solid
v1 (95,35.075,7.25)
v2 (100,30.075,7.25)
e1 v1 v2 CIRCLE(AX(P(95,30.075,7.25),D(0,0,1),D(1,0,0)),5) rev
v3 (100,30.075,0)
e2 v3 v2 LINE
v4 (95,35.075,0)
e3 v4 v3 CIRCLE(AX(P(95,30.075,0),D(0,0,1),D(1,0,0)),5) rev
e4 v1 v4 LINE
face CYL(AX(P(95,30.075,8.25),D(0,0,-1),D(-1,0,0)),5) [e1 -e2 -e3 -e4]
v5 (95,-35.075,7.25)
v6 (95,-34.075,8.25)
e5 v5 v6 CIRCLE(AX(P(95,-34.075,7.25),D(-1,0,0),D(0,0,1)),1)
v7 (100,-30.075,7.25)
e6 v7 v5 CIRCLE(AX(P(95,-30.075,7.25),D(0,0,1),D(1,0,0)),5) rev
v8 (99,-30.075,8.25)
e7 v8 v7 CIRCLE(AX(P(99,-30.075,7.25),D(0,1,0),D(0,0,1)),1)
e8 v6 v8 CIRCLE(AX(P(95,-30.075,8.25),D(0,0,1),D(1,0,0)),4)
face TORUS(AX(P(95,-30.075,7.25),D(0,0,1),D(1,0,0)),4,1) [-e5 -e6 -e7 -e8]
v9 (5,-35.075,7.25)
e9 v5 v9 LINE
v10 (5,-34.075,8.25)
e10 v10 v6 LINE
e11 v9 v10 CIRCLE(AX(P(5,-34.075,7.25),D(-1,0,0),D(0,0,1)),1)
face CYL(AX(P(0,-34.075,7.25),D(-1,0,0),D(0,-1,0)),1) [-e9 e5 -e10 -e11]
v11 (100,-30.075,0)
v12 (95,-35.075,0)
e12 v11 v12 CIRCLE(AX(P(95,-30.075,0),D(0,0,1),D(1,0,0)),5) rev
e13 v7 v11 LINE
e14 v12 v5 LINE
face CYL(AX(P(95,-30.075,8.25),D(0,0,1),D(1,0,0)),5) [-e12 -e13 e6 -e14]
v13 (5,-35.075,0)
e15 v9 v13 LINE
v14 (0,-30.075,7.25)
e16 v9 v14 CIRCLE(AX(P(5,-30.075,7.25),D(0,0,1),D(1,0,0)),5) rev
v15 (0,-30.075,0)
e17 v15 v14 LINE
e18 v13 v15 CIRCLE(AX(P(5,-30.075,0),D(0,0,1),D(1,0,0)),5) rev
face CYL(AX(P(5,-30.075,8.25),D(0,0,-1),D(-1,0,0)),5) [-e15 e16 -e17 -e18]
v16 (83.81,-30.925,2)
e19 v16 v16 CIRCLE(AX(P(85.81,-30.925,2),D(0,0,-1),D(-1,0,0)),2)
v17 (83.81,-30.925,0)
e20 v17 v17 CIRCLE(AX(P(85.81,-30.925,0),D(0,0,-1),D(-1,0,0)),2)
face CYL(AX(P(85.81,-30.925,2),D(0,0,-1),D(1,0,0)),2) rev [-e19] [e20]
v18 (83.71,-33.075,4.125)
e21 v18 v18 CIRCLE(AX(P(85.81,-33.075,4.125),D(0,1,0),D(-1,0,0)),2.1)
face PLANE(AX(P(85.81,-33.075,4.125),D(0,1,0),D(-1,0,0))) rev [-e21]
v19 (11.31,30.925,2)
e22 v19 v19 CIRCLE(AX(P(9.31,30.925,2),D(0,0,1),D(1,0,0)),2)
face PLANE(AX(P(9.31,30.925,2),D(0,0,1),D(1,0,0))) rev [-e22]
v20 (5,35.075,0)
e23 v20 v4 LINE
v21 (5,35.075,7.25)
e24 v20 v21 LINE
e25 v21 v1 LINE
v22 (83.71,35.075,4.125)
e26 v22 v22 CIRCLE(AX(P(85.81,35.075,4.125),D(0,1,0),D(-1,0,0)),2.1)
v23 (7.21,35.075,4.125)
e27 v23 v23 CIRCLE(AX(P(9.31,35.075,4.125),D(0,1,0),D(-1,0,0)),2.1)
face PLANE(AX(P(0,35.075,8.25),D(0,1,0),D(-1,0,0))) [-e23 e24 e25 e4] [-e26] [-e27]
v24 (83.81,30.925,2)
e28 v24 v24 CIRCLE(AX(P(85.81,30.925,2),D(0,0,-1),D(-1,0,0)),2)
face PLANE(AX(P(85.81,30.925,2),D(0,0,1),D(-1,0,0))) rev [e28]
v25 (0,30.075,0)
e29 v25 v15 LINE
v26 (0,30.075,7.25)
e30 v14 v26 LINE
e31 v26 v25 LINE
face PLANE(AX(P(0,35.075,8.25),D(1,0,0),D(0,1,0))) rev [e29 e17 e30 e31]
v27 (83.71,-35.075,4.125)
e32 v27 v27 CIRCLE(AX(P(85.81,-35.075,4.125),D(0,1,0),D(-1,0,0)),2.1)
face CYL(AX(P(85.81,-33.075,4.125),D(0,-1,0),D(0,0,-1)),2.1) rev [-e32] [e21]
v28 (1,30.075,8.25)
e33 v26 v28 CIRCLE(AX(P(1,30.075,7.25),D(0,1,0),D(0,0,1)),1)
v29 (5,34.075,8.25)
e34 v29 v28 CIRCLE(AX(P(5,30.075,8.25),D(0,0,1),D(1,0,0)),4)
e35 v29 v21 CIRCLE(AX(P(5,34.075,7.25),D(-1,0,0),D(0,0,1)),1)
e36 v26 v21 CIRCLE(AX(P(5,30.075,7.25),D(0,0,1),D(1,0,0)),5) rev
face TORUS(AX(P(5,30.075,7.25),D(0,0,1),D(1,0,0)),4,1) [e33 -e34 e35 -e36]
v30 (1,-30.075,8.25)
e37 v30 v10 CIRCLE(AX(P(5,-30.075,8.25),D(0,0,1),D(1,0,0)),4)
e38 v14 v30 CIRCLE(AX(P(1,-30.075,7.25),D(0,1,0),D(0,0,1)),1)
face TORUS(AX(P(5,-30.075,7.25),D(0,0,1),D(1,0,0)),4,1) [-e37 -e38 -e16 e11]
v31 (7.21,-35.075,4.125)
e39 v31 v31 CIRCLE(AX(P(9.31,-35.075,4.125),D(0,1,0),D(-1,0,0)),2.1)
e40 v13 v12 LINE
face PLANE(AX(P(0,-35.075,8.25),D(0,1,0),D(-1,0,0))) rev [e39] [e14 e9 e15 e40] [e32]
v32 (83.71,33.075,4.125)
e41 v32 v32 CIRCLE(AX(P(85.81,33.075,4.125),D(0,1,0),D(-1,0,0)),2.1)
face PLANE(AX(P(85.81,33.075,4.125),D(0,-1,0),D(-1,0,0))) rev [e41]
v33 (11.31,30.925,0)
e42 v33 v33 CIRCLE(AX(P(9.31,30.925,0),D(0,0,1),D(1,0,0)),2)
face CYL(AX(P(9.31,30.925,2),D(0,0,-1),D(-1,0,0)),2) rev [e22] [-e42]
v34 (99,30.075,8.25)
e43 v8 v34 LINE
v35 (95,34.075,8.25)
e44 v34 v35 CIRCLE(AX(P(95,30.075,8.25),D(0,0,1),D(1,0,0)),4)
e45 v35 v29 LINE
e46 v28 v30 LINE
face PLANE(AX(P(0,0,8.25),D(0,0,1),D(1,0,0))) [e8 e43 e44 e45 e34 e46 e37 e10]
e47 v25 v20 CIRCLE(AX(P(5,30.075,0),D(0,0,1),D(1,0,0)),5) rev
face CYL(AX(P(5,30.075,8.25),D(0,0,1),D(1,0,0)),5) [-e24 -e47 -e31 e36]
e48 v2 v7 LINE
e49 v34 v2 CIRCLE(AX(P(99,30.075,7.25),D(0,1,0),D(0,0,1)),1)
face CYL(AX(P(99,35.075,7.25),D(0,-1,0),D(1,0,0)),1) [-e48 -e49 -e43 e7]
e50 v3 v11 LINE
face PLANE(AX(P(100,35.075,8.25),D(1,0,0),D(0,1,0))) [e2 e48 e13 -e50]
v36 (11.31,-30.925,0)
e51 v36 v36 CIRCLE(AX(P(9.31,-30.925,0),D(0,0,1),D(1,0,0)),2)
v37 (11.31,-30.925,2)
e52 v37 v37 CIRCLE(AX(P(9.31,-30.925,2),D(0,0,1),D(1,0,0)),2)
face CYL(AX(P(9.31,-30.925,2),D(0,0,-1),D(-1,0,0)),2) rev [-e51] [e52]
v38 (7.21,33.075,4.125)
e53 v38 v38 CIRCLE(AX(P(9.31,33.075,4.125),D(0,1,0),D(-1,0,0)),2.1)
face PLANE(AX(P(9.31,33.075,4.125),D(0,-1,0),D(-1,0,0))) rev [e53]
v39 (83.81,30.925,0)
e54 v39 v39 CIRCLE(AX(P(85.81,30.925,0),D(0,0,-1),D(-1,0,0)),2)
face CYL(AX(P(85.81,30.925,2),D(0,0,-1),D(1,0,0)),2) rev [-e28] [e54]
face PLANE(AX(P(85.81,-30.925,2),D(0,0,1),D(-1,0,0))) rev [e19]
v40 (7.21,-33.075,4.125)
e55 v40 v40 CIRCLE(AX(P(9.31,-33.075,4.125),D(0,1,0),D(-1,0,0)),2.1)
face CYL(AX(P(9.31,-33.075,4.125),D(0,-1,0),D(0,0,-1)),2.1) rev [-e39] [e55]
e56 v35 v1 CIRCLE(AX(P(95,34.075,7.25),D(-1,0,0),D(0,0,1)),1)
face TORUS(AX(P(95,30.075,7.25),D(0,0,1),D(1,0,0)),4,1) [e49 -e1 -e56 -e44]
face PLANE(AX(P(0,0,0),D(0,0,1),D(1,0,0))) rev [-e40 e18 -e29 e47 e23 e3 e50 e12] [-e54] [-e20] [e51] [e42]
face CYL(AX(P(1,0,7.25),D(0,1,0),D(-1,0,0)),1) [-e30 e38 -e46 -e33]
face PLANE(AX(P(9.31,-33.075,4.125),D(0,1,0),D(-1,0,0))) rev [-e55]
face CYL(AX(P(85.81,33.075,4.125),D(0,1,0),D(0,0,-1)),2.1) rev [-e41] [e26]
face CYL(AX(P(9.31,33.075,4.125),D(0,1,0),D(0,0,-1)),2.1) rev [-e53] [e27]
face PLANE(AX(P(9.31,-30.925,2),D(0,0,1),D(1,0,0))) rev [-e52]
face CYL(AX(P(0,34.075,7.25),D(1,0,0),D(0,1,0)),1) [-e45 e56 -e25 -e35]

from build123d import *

# Parameters (mm, degrees)
SKETCH2_W           = 100
SKETCH2_H           = 70.15
BOSS_EXTRUDE1_DEPTH = 8.25
FILLET1_R           = 5
CUT_EXTRUDE1_START  = -35.075
SKETCH3_R           = 2.1
CUT_EXTRUDE1_DEPTH  = 2
FILLET2_R           = 1
SKETCH4_R           = 2
CUT_EXTRUDE2_DEPTH  = 2


with BuildPart() as part:
    # Sketch2 → Boss-Extrude1 (new body)
    with BuildSketch(Plane.XY):
        with Locations((50, 0)):
            Rectangle(SKETCH2_W, SKETCH2_H)
    extrude(amount=BOSS_EXTRUDE1_DEPTH)

    # Fillet1
    fillet1_edges = [part.edges().sort_by_distance(p)[0] for p in [
        (0, 35.075, 4.125),
        (100, 35.075, 4.125),
        (100, -35.075, 4.125),
        (0, -35.075, 4.125),
    ]]
    fillet(fillet1_edges, radius=FILLET1_R)

    # Sketch3 → Cut-Extrude1 (cut)
    with BuildSketch(Plane(origin=(0, 0, 0), x_dir=(1, 0, 0), z_dir=(0, 1, 0)).offset(CUT_EXTRUDE1_START)):
        with Locations((9.31, -4.125)):
            Circle(SKETCH3_R)
        with Locations((85.81, -4.125)):
            Circle(SKETCH3_R)
    cut_extrude1 = extrude(amount=CUT_EXTRUDE1_DEPTH, mode=Mode.SUBTRACT)

    # Mirror1: Cut-Extrude1 across plane
    add(cut_extrude1.mirror(Plane.ZX), mode=Mode.SUBTRACT)

    # Fillet2
    fillet2_edges = [part.edges().sort_by_distance(p)[0] for p in [
        (100, 0, 8.25),
        (50, -35.075, 8.25),
        (0, 0, 8.25),
        (50, 35.075, 8.25),
        (1.464466094, 33.610533906, 8.25),
        (98.535533906, 33.610533906, 8.25),
        (1.464466094, -33.610533906, 8.25),
        (98.535533906, -33.610533906, 8.25),
    ]]
    fillet(fillet2_edges, radius=FILLET2_R)

    # Sketch4 → Cut-Extrude2 (cut)
    with BuildSketch(Plane.XY):
        with Locations((9.31, -30.925)):
            Circle(SKETCH4_R)
        with Locations((9.31, 30.925)):
            Circle(SKETCH4_R)
    cut_extrude2 = extrude(amount=CUT_EXTRUDE2_DEPTH, mode=Mode.SUBTRACT)

    # Mirror2: Cut-Extrude2 across plane
    add(cut_extrude2.mirror(Plane(origin=(47.56, 0, 0), x_dir=(0, 0, 1), z_dir=(1, 0, 0))), mode=Mode.SUBTRACT)


solid = part.part
